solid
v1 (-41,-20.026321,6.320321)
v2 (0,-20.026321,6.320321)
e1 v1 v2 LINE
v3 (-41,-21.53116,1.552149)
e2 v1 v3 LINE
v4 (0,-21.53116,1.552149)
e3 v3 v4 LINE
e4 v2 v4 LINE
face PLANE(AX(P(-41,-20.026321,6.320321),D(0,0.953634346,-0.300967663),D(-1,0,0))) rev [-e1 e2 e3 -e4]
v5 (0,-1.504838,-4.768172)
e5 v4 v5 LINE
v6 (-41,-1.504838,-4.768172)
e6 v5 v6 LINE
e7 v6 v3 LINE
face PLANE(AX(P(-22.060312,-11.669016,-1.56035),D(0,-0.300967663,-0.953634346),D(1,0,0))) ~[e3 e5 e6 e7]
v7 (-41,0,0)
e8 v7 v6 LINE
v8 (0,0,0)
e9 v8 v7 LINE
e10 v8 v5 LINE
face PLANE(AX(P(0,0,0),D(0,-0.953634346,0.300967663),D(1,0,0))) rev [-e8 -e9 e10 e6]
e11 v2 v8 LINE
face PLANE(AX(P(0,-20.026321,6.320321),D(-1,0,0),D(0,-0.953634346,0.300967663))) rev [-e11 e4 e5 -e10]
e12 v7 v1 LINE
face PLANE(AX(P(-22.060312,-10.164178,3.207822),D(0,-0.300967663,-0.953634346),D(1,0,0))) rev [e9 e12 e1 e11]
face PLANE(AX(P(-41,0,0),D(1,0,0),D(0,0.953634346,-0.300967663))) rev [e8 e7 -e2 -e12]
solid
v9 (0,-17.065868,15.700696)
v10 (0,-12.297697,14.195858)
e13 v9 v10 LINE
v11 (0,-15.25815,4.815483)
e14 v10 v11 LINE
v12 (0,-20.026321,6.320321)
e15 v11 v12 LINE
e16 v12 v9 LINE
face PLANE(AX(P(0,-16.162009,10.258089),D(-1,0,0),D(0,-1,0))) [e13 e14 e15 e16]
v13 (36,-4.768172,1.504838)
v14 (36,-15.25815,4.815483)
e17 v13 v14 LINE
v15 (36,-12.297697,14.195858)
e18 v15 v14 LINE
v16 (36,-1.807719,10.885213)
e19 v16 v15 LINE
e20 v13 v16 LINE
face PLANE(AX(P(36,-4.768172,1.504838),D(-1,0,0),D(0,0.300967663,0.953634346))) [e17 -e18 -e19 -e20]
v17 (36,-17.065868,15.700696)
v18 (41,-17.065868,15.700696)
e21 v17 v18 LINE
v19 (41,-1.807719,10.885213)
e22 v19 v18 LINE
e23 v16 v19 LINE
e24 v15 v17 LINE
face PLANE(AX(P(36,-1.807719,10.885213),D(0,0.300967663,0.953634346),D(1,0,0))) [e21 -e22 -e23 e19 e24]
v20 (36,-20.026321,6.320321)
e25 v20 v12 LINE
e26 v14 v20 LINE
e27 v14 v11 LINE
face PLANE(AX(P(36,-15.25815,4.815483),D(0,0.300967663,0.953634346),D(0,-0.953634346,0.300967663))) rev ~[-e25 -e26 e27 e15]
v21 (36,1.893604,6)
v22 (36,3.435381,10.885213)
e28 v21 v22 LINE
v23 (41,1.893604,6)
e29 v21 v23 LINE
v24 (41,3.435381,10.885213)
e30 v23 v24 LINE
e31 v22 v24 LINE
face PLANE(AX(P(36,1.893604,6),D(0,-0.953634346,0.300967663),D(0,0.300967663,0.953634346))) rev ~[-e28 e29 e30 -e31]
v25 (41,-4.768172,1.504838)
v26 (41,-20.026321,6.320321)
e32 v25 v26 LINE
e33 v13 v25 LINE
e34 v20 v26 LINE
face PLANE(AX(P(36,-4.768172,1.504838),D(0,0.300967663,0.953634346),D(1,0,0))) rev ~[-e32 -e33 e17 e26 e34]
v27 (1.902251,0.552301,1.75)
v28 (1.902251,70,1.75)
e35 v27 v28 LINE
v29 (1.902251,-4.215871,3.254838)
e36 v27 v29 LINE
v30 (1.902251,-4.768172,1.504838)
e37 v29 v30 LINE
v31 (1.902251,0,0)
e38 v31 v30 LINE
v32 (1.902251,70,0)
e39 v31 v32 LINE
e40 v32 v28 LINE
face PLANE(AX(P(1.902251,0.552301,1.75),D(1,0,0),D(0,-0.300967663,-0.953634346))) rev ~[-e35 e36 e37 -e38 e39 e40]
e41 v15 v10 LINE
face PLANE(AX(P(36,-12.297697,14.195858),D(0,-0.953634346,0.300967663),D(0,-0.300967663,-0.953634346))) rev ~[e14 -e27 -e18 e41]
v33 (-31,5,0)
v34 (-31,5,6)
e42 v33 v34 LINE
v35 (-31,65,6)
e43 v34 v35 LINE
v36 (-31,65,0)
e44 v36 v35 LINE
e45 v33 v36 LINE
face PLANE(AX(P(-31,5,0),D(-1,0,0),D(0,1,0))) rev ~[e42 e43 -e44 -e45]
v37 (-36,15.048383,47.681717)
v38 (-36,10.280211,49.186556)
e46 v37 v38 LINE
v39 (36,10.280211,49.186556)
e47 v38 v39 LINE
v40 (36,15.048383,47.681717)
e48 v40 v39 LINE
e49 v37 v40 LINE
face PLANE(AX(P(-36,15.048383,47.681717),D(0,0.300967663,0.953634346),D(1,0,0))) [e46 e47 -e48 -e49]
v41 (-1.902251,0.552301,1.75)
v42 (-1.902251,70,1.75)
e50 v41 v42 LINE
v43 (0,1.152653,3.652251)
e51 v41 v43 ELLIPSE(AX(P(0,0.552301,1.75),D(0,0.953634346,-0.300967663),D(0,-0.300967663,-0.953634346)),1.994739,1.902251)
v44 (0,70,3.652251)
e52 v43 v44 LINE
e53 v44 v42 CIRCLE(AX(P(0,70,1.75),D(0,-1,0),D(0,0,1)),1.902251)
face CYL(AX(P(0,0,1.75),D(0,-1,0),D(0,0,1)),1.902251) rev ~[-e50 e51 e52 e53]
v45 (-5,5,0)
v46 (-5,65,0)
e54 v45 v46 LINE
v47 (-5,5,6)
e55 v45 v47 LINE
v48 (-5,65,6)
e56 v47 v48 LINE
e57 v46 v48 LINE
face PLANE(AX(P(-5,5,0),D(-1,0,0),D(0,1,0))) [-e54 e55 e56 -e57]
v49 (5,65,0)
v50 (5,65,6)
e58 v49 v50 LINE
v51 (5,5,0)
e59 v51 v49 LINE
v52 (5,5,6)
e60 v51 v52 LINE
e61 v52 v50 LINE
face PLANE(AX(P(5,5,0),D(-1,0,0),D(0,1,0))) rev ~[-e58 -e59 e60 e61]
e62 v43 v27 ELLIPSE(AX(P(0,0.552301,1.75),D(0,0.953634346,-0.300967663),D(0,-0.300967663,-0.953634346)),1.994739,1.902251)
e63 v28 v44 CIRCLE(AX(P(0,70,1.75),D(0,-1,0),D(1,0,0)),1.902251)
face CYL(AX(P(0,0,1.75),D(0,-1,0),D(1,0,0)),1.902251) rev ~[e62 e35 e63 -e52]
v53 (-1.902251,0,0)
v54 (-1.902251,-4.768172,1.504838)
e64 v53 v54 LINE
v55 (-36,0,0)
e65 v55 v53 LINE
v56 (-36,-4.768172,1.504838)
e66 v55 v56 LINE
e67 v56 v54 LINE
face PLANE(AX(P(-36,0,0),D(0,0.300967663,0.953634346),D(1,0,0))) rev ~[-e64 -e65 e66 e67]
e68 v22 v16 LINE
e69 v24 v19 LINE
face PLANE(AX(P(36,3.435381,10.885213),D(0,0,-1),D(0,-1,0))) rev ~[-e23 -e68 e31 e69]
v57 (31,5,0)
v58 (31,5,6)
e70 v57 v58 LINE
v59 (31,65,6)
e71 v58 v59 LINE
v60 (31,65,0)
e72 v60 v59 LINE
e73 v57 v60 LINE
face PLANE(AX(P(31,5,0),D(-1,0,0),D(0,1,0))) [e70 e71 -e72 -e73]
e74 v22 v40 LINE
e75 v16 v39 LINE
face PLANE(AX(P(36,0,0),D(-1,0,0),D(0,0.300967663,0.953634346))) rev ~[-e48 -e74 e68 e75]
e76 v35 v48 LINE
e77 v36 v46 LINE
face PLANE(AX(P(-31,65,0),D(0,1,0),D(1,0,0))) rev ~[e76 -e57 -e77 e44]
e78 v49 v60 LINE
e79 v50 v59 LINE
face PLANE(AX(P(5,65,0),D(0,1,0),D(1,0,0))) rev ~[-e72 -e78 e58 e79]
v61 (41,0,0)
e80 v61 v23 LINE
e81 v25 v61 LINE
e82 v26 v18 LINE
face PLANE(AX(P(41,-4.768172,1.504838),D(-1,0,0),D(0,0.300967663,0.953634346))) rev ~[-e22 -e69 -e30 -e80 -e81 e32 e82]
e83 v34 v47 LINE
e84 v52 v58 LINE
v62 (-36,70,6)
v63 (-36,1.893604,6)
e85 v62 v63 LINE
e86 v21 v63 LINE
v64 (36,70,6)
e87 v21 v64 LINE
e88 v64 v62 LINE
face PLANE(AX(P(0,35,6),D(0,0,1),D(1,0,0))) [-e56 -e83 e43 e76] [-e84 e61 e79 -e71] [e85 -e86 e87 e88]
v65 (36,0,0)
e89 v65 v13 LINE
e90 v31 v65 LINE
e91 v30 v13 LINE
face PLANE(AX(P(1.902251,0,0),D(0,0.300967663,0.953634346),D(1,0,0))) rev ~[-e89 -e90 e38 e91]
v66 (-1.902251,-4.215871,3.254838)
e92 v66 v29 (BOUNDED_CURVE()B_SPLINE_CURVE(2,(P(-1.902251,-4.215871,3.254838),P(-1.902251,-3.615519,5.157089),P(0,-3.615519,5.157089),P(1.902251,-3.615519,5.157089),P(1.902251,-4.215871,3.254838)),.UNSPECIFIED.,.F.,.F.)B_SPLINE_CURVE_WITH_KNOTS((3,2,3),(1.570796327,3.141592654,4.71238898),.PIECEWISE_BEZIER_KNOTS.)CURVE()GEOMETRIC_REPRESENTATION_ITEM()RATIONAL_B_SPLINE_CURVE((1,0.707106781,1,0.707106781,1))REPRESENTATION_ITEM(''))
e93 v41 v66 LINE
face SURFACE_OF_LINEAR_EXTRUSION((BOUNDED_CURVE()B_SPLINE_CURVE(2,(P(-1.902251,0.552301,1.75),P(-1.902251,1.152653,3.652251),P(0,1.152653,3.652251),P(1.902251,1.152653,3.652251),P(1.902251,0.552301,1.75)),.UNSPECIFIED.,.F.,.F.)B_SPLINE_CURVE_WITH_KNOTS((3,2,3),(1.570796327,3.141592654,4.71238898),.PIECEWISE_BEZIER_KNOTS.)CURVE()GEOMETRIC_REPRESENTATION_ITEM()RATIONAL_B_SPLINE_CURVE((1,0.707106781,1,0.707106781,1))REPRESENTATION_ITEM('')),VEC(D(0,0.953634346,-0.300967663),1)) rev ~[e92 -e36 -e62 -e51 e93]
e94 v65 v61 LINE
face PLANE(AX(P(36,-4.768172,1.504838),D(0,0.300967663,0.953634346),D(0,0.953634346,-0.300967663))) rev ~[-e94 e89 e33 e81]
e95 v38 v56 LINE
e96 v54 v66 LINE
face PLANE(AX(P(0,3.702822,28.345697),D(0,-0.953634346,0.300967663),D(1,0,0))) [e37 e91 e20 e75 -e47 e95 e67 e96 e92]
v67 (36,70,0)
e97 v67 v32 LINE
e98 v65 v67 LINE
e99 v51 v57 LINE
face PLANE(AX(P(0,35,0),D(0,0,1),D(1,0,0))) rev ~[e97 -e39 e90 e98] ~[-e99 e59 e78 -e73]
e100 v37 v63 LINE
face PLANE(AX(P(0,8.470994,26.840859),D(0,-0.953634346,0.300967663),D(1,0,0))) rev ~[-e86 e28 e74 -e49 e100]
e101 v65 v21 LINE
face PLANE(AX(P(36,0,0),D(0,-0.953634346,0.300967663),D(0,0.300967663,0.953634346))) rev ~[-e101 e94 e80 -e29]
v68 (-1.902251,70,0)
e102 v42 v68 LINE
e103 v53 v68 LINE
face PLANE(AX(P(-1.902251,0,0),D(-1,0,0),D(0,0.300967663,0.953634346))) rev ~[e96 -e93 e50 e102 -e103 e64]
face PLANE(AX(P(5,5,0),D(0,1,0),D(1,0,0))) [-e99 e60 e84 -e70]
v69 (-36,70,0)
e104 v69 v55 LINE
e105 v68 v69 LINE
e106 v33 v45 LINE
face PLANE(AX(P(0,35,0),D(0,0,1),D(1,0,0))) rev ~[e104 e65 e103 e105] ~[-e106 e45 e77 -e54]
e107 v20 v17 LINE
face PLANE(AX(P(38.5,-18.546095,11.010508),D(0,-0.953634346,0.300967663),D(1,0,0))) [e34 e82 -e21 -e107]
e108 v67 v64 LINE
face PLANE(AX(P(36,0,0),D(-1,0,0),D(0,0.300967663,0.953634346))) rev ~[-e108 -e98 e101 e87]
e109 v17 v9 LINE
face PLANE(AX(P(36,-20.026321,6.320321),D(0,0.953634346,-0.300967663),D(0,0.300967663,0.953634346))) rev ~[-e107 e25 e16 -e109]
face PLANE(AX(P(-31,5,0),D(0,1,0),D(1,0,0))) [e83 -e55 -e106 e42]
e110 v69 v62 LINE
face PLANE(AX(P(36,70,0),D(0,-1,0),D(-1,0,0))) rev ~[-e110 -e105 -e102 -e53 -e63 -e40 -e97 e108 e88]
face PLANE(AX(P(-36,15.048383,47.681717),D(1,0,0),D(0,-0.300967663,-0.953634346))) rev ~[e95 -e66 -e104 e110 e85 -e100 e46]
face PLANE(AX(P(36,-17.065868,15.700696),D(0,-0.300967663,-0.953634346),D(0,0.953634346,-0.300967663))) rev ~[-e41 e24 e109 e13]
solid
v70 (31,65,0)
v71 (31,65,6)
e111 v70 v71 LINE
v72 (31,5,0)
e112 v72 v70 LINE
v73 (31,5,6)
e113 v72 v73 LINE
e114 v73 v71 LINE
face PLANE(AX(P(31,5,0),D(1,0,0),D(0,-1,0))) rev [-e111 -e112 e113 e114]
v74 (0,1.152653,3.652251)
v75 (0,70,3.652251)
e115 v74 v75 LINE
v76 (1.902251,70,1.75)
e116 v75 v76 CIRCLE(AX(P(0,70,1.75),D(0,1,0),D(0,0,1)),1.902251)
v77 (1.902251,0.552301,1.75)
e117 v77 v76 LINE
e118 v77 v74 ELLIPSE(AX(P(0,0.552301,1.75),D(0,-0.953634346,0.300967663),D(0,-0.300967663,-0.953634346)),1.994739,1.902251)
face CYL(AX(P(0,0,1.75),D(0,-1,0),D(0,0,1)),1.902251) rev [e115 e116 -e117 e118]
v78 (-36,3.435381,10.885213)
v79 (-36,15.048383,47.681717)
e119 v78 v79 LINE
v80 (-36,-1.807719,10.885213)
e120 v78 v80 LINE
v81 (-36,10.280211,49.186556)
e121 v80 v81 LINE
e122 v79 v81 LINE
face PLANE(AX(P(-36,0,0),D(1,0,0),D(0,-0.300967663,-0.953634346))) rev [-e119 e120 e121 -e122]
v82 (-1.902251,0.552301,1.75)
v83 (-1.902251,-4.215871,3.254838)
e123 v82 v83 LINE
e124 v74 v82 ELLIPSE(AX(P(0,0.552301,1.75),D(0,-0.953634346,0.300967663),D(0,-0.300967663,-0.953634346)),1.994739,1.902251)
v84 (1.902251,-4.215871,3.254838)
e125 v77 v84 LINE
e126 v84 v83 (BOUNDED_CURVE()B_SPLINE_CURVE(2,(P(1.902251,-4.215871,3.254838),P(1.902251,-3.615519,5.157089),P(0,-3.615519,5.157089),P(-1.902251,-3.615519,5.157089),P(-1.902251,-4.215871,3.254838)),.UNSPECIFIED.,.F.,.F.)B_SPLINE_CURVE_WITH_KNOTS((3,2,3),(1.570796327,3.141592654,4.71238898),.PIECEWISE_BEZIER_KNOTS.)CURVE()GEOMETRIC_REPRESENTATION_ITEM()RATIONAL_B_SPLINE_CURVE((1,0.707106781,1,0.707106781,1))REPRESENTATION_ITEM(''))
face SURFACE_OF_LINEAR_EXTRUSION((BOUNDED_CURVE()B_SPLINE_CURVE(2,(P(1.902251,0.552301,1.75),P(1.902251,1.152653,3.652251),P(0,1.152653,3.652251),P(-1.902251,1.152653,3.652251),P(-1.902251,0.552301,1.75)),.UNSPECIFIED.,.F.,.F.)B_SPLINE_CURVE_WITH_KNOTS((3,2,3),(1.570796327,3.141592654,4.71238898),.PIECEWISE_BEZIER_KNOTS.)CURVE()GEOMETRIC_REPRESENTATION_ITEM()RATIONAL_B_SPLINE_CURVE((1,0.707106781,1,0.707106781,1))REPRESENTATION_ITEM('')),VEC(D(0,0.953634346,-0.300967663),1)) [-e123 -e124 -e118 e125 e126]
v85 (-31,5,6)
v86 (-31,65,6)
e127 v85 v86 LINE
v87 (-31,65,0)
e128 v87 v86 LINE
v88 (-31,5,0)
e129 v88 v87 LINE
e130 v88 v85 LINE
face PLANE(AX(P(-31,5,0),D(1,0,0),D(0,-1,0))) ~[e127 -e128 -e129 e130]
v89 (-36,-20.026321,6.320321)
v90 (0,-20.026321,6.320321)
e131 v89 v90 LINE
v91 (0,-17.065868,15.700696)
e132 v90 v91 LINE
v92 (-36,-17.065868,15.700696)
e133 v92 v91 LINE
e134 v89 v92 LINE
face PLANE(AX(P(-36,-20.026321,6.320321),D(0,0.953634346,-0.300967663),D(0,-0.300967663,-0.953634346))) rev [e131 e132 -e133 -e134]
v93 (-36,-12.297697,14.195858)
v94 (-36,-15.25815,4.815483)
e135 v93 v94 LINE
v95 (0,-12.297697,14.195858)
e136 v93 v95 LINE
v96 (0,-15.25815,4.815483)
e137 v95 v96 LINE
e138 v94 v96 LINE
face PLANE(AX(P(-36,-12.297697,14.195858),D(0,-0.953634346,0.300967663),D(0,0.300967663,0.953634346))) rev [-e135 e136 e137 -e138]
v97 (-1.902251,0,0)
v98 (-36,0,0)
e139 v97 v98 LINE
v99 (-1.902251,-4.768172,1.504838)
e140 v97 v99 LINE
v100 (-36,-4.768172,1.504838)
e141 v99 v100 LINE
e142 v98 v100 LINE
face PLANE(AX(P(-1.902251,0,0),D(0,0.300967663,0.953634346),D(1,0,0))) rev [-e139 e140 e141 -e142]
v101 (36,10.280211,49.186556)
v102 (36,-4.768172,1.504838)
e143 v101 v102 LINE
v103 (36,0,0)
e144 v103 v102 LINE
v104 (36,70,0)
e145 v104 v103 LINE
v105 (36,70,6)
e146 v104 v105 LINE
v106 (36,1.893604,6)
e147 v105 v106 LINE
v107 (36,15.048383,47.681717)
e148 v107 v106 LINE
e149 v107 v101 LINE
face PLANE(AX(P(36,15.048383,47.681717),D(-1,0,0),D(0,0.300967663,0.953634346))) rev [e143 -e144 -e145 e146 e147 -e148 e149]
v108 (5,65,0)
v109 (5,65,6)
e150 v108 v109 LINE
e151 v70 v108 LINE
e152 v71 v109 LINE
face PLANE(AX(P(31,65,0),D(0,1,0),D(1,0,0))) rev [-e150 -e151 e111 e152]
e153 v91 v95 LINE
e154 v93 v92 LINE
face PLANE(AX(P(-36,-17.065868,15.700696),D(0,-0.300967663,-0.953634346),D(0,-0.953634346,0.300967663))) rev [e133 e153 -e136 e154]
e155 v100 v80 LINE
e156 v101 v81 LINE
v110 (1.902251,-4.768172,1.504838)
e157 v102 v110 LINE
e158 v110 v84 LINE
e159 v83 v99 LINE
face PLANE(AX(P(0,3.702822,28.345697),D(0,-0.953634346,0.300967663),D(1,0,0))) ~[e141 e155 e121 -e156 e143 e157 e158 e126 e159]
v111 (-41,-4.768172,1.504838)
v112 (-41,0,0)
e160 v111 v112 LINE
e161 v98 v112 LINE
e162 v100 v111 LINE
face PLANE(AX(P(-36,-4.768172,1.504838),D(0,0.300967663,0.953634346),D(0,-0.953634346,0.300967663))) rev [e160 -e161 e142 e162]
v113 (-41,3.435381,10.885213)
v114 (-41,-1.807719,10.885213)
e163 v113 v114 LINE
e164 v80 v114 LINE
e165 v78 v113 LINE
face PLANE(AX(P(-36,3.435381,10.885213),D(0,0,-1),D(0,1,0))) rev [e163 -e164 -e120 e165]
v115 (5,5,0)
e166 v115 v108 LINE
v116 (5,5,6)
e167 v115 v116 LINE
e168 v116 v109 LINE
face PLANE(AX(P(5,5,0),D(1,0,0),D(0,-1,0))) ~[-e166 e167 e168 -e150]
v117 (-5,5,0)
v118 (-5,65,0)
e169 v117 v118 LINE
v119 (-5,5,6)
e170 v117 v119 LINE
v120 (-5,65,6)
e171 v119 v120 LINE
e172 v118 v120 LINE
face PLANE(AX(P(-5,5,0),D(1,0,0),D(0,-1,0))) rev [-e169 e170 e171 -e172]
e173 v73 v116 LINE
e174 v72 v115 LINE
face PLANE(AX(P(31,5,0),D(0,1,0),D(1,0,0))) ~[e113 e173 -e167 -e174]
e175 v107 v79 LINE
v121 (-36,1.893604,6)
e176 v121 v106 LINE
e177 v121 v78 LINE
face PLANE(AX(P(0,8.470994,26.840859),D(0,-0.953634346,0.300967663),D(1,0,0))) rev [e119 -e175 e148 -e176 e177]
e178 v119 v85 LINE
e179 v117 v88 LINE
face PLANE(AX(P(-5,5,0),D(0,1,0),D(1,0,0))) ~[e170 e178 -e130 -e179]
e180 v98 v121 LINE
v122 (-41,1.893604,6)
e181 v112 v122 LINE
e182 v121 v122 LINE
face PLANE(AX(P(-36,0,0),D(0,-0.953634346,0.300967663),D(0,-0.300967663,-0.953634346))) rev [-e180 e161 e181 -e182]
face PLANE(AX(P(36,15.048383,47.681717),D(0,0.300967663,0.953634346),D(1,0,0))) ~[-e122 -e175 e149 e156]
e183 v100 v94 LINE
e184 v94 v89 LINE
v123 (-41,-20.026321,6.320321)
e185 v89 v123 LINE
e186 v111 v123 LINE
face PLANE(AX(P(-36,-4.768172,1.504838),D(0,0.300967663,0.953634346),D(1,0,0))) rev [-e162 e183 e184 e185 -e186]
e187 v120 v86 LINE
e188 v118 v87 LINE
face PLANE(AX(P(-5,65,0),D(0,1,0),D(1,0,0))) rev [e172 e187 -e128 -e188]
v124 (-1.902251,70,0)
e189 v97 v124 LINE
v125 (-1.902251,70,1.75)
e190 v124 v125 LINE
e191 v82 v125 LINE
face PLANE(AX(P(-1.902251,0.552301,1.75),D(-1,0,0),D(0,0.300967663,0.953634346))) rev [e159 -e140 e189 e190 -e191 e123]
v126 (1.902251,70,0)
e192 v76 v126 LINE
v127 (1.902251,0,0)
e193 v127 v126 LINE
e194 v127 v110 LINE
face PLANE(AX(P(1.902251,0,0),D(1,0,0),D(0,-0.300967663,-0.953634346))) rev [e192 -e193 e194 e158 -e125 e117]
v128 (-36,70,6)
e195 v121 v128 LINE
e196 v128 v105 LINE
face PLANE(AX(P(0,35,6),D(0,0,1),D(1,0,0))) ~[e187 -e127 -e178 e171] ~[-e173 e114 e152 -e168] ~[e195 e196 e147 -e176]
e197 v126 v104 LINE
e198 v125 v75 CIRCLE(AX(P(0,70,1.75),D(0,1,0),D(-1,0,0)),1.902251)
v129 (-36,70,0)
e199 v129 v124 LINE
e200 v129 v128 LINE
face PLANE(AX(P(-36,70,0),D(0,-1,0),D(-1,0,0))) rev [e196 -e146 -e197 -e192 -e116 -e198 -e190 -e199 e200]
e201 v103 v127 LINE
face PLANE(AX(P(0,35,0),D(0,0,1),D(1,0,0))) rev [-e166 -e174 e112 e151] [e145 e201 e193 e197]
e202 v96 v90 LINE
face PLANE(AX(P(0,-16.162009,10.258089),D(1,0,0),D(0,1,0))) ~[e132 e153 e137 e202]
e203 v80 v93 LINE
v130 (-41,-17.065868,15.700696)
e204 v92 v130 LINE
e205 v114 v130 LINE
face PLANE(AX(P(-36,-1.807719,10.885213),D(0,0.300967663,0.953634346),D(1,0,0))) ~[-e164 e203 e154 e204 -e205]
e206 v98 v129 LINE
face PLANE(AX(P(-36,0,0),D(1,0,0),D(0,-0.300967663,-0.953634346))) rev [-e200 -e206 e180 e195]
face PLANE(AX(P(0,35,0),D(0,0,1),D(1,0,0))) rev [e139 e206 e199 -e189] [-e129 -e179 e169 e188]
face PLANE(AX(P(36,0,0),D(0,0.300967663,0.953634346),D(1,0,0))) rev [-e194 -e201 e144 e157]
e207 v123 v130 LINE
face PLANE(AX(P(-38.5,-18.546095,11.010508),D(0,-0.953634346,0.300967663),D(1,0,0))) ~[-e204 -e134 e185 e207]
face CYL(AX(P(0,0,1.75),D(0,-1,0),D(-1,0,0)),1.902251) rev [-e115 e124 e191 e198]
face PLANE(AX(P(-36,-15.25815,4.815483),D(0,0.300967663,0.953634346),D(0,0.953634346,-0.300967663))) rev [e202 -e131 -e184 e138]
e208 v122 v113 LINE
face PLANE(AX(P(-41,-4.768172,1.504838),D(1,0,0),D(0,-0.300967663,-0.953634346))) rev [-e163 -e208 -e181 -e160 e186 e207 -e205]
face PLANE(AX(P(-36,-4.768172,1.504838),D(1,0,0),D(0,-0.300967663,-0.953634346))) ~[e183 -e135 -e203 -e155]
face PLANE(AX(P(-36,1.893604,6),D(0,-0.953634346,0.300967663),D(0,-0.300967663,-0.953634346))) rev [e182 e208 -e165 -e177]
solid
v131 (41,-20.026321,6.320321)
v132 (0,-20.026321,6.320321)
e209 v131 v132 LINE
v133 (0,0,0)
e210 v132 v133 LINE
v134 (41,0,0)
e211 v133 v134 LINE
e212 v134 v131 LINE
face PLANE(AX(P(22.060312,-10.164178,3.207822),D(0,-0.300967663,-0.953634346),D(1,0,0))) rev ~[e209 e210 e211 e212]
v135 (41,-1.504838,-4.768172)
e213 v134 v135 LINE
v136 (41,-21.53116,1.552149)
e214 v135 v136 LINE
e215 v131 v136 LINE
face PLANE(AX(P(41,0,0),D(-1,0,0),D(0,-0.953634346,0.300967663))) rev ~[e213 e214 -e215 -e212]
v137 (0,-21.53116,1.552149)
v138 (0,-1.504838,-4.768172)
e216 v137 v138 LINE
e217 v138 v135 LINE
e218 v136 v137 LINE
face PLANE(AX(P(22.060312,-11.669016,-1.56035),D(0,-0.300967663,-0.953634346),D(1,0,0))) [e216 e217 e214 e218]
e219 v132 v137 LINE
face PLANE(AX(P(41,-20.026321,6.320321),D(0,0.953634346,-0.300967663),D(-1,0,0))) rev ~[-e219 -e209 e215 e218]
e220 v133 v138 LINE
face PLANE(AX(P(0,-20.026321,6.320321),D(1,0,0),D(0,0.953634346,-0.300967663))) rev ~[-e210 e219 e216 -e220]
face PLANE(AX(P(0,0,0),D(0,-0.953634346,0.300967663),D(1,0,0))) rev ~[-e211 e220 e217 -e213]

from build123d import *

# Parameters (mm, degrees)
F0_W      = 26
F0_H      = 60
F1_DEPTH  = 6
F3_DEPTH  = 100
F5_DEPTH  = 75
F6_W      = 72
F6_H      = 43.7082803012
F7_DEPTH  = 5
F9_DEPTH  = 5
F10_W     = 5
F10_H     = 9.8364483956
F11_DEPTH = 16
F13_DEPTH = 36
F16_DEPTH = 5


with BuildPart() as f1:
    # F0 (on Top) → F1 (new body)
    with BuildSketch(Plane.XY):
        Polygon((-36, 0), (0, 0), (36, 0), (36, 70), (0, 70), (-36, 70), align=None)
        with Locations((-18, 35)):
            Rectangle(F0_W, F0_H, mode=Mode.SUBTRACT)
        with Locations((18, 35)):
            Rectangle(F0_W, F0_H, mode=Mode.SUBTRACT)
    extrude(amount=F1_DEPTH)

    # F2 (on face) → F3 (cut)
    with BuildSketch(Plane.XZ):
        with BuildLine():
            ThreePointArc((1.9022511578, 1.75), (1.3450946932, 3.0950946932), (0, 3.6522511578))
            ThreePointArc((0, 3.6522511578), (-1.3450946932, 3.0950946932), (-1.9022511578, 1.75))
            Line((-1.9022511578, 1.75), (-1.9022511578, 0))
            Line((-1.9022511578, 0), (1.9022511578, 0))
            Line((1.9022511578, 0), (1.9022511578, 1.75))
        make_face()
    extrude(amount=-F3_DEPTH, mode=Mode.SUBTRACT)

    # F4 (on face) → F5 (cut)
    with BuildSketch(Plane.YZ.offset(36)):
        Polygon((0, 6), (0, 0), (1.8936041743, 6), align=None)
    extrude(amount=-F5_DEPTH, mode=Mode.SUBTRACT)

    # F6 (on face) → F7 (join)
    with BuildSketch(Plane(origin=(0, 0, 0), x_dir=(1, 0, 0), z_dir=(0, -0.953634346, 0.300967663))):
        with Locations((0, 28.1458598494)):
            Rectangle(F6_W, F6_H)
        with BuildLine():
            Line((-36, 6.2917196988), (-36, 0))
            Line((-36, 0), (-1.9022511578, 0))
            Line((-1.9022511578, 0), (-1.9022511578, 1.8350849122))
            add(Edge.make_bspline(
                [(-1.9022511578, 1.8350849122), (-1.9022511578, 3.8298234258), (0, 3.8298234258), (1.9022511578, 3.8298234258), (1.9022511578, 1.8350849122)],
                knots=[1.5707963268, 1.5707963268, 1.5707963268, 3.1415926536, 3.1415926536, 4.7123889804, 4.7123889804, 4.7123889804], degree=2, weights=[1, 0.7071067812, 1, 0.7071067812, 1]))
            Line((1.9022511578, 1.8350849122), (1.9022511578, 0))
            Line((1.9022511578, 0), (36, 0))
            Line((36, 0), (36, 6.2917196988))
            Line((36, 6.2917196988), (-36, 6.2917196988))
        make_face()
    extrude(amount=F7_DEPTH)

    # F8 (on face) → F9 (join)
    with BuildSketch(Plane.YZ.offset(36)):
        Polygon((3.4353809054, 10.8852133476), (-1.8077188436, 10.8852133476), (-4.7681717298, 1.5048383152), (0, 0), (1.8936041743, 6), align=None)
    extrude(amount=F9_DEPTH)

    # F10 (on face) → F11 (join)
    with BuildSketch(Plane(origin=(0, -4.7681717298, 1.5048383152), x_dir=(1, 0, 0), z_dir=(0, -0.953634346, 0.300967663))):
        with Locations((38.5, 4.9182241978)):
            Rectangle(F10_W, F10_H)
    extrude(amount=F11_DEPTH)

    # F12 (on face) → F13 (join)
    with BuildSketch(Plane(origin=(36, 0, 0), x_dir=(0, -1, 0), z_dir=(-1, 0, 0))):
        Polygon((20.0263212653, 6.3203209238), (17.065868379, 15.7006959562), (12.2976966492, 14.195857641), (15.2581495354, 4.8154826086), align=None)
    extrude(amount=F13_DEPTH)


with BuildPart() as f14_1:
    # F14: instance of F1
    add(f1.part.mirror(Plane.YZ))


with BuildPart() as f16:
    # F15 (on face) → F16 (new body)
    with BuildSketch(Plane(origin=(0, 0, 0), x_dir=(1, 0, 0), z_dir=(0, -0.300967663, -0.953634346))):
        Polygon((41, 21), (0, 21), (0, 16), (36, 16), (36, 5), (1.9022511578, 5), (1.9022511578, 0), (3.5025123507, 0), (36, 0), (41, 0), align=None)
        Polygon((36, 16), (0, 16), (0, 0), (1.9022511578, 0), (1.9022511578, 5), (36, 5), align=None)
    extrude(amount=F16_DEPTH)


with BuildPart() as f17_1:
    # F17: instance of F16
    add(f16.part.mirror(Plane.YZ))


solid = Compound([f1.part, f14_1.part, f16.part, f17_1.part])
